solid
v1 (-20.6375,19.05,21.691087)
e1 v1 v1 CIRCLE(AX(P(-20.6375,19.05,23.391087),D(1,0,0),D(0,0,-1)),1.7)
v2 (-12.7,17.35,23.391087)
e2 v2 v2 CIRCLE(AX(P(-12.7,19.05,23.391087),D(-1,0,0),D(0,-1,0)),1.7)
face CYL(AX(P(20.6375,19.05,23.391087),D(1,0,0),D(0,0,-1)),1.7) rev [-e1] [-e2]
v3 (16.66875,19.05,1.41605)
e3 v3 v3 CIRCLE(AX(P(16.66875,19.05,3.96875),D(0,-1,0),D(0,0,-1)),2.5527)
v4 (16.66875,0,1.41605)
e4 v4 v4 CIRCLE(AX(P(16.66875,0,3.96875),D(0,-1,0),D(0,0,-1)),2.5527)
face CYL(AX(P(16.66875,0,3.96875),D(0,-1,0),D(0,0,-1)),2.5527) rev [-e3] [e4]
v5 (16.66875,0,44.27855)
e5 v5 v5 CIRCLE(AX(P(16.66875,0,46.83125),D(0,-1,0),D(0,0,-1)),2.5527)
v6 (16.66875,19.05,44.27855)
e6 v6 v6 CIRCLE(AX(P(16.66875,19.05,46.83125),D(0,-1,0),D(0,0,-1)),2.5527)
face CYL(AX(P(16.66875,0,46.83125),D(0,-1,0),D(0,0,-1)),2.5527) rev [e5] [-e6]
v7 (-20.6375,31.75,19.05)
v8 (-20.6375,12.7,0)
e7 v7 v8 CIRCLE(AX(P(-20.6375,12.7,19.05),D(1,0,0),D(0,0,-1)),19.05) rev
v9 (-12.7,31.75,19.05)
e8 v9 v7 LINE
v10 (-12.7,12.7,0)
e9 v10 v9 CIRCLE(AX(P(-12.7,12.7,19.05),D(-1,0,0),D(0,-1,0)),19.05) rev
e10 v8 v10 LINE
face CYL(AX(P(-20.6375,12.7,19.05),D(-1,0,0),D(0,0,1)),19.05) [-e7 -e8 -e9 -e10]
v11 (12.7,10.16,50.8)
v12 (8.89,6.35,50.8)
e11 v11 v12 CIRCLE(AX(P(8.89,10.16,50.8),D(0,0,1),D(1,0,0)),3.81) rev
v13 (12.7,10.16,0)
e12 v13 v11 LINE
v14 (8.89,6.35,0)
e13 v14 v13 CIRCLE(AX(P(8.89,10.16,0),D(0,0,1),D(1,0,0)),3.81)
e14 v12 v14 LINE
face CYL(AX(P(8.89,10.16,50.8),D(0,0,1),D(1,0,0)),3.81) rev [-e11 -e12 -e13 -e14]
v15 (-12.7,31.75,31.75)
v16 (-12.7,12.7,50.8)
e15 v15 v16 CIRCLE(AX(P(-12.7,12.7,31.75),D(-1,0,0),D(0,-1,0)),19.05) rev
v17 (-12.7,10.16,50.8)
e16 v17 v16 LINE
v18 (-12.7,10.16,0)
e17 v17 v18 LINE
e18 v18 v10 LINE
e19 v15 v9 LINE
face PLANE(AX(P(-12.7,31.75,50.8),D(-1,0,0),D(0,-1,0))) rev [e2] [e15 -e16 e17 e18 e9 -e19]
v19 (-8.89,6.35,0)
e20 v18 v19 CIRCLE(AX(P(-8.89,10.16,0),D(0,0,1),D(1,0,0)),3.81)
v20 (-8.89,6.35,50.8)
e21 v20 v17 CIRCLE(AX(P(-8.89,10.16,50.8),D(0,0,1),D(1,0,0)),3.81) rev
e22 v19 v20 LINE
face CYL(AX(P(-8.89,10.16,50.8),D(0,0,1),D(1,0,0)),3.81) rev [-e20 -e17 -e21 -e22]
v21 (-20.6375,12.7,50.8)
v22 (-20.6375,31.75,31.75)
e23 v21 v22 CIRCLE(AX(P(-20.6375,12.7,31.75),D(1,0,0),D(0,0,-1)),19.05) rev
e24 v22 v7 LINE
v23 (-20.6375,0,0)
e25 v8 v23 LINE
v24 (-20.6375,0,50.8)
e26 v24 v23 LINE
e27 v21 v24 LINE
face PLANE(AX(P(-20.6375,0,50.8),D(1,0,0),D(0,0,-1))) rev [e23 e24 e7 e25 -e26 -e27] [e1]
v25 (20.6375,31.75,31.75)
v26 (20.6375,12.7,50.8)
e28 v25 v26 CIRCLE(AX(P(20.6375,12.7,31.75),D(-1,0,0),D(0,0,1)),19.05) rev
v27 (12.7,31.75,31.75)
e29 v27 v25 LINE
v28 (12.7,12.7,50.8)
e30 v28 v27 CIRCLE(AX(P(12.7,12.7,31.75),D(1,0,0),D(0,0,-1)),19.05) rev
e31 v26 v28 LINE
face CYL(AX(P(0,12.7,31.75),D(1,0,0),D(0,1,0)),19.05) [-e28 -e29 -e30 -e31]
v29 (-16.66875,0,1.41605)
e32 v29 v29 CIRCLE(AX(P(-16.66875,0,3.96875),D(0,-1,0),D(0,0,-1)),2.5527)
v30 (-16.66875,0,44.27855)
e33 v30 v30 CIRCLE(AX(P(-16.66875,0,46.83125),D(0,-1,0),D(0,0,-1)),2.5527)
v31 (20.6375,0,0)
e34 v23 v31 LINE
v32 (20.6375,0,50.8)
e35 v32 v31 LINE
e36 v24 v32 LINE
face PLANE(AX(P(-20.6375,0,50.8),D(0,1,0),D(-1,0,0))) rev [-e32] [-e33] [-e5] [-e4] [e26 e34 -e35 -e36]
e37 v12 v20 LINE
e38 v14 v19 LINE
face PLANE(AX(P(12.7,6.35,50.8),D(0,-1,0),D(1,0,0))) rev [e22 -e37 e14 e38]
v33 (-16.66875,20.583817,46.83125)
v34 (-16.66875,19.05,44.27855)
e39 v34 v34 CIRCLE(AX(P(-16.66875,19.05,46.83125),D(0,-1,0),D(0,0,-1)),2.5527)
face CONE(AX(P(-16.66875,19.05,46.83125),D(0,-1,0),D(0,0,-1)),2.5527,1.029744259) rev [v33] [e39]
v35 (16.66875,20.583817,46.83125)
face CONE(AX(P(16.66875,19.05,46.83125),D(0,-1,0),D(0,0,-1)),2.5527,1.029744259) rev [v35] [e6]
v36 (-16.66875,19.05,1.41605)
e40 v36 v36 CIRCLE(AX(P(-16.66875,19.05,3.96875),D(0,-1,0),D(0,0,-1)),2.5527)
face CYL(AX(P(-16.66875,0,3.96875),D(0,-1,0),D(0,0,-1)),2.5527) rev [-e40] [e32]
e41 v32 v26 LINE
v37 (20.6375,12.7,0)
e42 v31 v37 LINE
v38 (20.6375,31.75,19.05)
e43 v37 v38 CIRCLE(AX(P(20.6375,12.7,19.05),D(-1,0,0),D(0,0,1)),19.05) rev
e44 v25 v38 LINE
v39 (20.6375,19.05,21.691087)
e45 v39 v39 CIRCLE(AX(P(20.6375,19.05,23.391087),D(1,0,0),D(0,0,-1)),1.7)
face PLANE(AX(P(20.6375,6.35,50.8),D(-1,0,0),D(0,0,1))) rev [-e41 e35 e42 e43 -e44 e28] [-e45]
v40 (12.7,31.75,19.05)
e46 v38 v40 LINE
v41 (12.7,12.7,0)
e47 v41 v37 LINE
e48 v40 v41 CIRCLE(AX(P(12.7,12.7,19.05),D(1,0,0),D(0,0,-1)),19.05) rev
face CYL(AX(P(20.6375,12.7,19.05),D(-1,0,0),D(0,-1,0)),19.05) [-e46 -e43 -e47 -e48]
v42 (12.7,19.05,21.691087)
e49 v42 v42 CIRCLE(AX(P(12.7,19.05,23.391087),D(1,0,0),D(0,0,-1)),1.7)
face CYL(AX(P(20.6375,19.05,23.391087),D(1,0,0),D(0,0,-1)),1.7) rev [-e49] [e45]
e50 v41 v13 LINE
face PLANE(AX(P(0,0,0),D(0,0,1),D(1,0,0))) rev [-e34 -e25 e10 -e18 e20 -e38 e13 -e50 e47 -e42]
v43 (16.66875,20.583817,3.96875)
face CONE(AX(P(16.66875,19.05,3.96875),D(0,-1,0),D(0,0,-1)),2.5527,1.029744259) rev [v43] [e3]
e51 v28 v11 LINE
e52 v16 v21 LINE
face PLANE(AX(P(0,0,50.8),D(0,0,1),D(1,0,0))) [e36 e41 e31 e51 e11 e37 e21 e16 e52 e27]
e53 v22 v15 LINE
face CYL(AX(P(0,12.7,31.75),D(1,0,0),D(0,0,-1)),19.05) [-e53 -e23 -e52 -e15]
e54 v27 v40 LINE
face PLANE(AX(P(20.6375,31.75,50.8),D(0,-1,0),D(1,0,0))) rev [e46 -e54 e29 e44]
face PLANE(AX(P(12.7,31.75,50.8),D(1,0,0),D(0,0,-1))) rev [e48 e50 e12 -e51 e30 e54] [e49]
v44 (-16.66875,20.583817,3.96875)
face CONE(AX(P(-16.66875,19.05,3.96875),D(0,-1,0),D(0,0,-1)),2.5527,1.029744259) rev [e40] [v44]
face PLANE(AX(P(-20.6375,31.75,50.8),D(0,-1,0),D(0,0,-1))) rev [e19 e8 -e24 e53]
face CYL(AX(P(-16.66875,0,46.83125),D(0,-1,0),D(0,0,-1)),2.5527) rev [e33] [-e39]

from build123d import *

# Parameters (mm, degrees)
BOSS_EXTRUDE1_DEPTH         = 50.8
FILLET1_R                   = 19.05
FILLET3_R                   = 3.81
F_1_4_20_TAPPED_HOLE1_D     = 5.1054
F_1_4_20_TAPPED_HOLE1_DEPTH = 19.05
F_1_4_20_TAPPED_HOLE1_TIP   = 1.533816902
M3_CLEARANCE_HOLE2_D        = 3.4


with BuildPart() as part:
    # Sketch1 → Boss-Extrude1 (new body)
    with BuildSketch(Plane.XY):
        Polygon((-20.6375, 0), (20.6375, 0), (20.6375, 6.35), (20.6375, 31.75), (12.7, 31.75), (12.7, 6.35), (-12.7, 6.35), (-12.7, 31.75), (-20.6375, 31.75), (-20.6375, 6.35), align=None)
    extrude(amount=BOSS_EXTRUDE1_DEPTH)

    # Fillet1
    fillet1_edges = [part.edges().sort_by_distance(p)[0] for p in [
        (-16.66875, 31.75, 0),
        (16.66875, 31.75, 50.8),
        (16.66875, 31.75, 0),
        (-16.66875, 31.75, 50.8),
    ]]
    fillet(fillet1_edges, radius=FILLET1_R)

    # Fillet3
    fillet3_edges = [part.edges().sort_by_distance(p)[0] for p in [
        (-12.7, 6.35, 25.4),
        (12.7, 6.35, 25.4),
    ]]
    fillet(fillet3_edges, radius=FILLET3_R)

    # 1/4-20 Tapped Hole1
    with Locations(Plane(origin=(0, 0, 0), x_dir=(-1, 0, 0), z_dir=(0, -1, 0))):
        with Locations((-16.66875, -3.96875), (16.66875, -3.96875), (16.66875, -46.83125), (-16.66875, -46.83125)):
            Hole(F_1_4_20_TAPPED_HOLE1_D / 2, depth=F_1_4_20_TAPPED_HOLE1_DEPTH)
            with Locations((0, 0, -(F_1_4_20_TAPPED_HOLE1_DEPTH + F_1_4_20_TAPPED_HOLE1_TIP / 2))):  # 118° drill point
                Cone(0, F_1_4_20_TAPPED_HOLE1_D / 2, F_1_4_20_TAPPED_HOLE1_TIP, mode=Mode.SUBTRACT)

    # M3 Clearance Hole2 (through all)
    with Locations(Plane(origin=(20.6375, 0, 0), x_dir=(0, 0, -1), z_dir=(1, 0, 0))):
        with Locations((-23.391086867, 19.05)):
            Hole(M3_CLEARANCE_HOLE2_D / 2)


solid = part.part
